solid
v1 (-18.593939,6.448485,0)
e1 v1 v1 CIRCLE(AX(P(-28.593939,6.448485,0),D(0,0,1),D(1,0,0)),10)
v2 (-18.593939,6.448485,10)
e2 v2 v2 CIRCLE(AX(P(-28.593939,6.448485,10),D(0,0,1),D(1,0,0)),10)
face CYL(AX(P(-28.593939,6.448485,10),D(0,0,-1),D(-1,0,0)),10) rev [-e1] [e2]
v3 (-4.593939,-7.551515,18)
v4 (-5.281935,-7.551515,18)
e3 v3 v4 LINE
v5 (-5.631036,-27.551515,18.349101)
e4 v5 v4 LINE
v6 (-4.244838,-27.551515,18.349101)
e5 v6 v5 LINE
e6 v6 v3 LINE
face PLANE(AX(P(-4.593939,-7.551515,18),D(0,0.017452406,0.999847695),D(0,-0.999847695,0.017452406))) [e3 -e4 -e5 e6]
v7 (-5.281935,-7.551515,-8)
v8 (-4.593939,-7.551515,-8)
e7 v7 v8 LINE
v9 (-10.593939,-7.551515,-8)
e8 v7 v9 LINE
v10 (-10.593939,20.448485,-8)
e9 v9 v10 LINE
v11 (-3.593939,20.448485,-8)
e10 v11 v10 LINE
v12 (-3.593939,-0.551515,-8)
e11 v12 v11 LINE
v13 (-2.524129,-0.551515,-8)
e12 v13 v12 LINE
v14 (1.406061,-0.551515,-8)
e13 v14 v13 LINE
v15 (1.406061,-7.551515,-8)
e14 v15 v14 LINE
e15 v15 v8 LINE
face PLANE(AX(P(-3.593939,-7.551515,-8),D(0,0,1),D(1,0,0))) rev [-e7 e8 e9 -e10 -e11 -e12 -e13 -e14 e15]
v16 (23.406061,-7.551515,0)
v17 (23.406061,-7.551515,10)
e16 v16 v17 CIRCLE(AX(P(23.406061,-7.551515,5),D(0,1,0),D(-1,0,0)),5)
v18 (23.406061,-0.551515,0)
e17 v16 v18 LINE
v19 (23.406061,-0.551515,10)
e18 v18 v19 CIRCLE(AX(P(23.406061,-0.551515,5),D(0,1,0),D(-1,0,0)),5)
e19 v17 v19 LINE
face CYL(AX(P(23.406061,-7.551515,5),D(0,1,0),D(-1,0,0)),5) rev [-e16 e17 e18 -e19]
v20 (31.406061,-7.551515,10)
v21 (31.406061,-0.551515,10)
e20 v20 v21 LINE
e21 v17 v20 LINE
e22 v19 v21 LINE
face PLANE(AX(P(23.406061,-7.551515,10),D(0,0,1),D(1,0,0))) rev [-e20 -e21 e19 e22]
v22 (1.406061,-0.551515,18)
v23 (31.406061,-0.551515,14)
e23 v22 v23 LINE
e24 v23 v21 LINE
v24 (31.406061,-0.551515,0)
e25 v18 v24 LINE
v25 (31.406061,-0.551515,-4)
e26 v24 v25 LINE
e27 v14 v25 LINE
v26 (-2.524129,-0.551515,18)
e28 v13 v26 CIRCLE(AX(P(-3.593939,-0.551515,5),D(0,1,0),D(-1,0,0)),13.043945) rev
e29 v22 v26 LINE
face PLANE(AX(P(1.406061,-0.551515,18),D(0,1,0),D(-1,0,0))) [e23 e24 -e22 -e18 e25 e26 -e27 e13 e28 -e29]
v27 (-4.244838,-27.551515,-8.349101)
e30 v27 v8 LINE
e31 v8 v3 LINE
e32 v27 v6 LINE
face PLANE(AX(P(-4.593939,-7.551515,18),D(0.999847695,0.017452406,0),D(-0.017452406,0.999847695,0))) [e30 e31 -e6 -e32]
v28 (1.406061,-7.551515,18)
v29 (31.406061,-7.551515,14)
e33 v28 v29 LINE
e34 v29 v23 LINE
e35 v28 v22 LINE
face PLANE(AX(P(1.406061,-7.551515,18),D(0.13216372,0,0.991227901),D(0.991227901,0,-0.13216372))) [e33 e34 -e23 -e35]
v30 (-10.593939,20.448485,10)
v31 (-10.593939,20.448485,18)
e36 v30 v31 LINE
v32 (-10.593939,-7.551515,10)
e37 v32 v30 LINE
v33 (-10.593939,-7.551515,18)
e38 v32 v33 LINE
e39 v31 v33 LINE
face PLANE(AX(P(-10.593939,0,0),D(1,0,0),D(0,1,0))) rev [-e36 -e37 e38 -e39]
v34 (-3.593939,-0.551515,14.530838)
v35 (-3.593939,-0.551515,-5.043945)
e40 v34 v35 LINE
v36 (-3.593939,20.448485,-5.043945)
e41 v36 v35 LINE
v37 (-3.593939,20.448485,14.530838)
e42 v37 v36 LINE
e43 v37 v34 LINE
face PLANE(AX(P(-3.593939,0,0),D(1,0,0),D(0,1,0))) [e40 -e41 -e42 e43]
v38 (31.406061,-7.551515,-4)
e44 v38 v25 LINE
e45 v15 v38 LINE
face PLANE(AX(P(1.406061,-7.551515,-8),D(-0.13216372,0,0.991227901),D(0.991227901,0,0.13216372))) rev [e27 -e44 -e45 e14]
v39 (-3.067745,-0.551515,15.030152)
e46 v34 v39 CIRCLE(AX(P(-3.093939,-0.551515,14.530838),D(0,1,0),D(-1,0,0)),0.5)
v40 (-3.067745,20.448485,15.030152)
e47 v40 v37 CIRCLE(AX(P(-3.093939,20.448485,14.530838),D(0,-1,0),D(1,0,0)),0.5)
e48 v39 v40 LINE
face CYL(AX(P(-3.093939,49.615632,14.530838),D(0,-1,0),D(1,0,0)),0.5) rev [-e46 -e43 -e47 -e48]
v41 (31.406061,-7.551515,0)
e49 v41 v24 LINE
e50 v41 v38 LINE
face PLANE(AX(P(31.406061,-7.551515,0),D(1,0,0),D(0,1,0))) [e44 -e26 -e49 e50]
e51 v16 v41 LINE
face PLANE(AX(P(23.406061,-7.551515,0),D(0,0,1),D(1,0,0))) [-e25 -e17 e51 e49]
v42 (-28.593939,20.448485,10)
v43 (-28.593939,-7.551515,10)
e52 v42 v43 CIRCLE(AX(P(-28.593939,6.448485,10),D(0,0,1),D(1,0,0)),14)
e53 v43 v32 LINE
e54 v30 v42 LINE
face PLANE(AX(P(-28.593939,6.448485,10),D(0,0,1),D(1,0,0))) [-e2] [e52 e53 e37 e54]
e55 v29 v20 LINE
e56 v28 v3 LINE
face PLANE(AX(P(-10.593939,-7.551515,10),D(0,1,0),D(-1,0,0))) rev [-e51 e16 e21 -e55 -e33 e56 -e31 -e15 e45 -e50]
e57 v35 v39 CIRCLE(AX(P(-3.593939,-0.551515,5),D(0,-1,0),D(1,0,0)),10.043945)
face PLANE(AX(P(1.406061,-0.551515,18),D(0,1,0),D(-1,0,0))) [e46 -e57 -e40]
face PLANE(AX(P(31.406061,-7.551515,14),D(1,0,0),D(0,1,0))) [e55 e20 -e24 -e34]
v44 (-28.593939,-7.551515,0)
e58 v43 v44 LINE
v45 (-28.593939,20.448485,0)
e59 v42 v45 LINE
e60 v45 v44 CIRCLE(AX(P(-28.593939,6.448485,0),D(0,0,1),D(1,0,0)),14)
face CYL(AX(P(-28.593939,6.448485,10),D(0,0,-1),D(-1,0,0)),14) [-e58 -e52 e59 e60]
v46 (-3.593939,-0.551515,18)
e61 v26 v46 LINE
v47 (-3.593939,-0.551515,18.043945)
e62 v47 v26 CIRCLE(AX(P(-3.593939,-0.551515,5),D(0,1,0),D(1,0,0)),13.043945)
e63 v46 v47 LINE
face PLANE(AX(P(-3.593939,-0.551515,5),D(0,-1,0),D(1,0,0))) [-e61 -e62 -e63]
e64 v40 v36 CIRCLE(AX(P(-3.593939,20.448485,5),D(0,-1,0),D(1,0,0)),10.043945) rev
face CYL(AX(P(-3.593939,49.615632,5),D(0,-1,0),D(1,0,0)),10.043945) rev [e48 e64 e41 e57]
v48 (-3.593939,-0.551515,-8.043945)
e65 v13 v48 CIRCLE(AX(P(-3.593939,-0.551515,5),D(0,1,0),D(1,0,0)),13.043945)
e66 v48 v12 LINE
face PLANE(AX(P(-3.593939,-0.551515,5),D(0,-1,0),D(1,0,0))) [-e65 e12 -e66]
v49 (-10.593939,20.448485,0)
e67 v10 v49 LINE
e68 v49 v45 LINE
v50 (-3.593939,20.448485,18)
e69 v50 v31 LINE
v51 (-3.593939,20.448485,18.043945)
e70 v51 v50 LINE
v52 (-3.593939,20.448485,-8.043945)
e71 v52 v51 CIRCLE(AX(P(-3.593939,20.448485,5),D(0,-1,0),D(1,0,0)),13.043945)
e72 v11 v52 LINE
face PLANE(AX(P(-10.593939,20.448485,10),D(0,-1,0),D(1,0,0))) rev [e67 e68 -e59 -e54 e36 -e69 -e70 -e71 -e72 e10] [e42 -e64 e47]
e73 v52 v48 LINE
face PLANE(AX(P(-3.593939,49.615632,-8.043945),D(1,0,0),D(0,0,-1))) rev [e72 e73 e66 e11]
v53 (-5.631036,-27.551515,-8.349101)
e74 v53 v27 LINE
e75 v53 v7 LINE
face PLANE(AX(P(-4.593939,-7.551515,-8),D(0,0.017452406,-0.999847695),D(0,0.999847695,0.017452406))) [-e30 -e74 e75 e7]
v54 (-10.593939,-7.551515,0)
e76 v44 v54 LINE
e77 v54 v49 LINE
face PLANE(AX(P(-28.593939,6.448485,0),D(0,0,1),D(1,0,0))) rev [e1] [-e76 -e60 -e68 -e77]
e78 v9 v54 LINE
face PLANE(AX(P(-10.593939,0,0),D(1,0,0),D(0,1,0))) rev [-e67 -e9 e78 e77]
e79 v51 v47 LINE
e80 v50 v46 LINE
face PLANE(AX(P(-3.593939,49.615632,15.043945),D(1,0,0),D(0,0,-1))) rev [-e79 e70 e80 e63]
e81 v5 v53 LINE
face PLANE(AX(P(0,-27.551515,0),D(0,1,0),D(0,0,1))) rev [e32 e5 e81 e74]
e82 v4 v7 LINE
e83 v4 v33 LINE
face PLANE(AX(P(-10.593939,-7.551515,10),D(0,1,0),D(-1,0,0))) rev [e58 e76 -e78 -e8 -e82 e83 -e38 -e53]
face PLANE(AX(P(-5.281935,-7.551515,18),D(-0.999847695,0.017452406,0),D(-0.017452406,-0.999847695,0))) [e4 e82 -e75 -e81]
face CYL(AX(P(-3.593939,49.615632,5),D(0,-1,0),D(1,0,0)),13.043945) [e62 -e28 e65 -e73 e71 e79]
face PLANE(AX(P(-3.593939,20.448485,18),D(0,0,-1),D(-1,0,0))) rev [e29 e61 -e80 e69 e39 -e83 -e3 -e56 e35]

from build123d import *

# Parameters (mm, degrees)
SZKIC1_R                              = 10
DODANIE_WYCI_GNI_CIE1_DEPTH           = 10
DODANIE_WYCI_GNI_CIE2_DEPTH           = 7
SZKIC3_W                              = 26
SZKIC3_H                              = 7
DODANIE_WYCI_GNI_CIE3_DEPTH           = 5
DODANIE_WYCI_GNI_CIE4_DEPTH           = 7
DODANIE_WYCI_GNI_CIE5_DEPTH           = 21
ZAOKR_GLENIE2_R                       = 0.5
SZKIC8_W                              = 0.687995553
SZKIC8_H                              = 26
DODANIE_WYCI_GNI_CIE6_DEPTH           = 20
DODANIE_WYCI_GNI_CIE6_TAPER           = -1
DODANIE_WYCI_GNI_CIE6_OTHER_WAY_DEPTH = 10


with BuildPart() as part:
    # Szkic1 → Dodanie-wyciągnięcie1 (new body)
    with BuildSketch(Plane.XY):
        with BuildLine():
            Line((-10.593939394, 20.448484848), (-10.593939394, -7.551515152))
            Line((-10.593939394, -7.551515152), (-28.593939394, -7.551515152))
            ThreePointArc((-28.593939394, -7.551515152), (-42.593939394, 6.448484848), (-28.593939394, 20.448484848))
            Line((-28.593939394, 20.448484848), (-10.593939394, 20.448484848))
        make_face()
        with Locations((-28.593939394, 6.448484848)):
            Circle(SZKIC1_R, mode=Mode.SUBTRACT)
    extrude(amount=DODANIE_WYCI_GNI_CIE1_DEPTH)

    # Szkic2 → Dodanie-wyciągnięcie2 (add)
    with BuildSketch(Plane(origin=(-10.593939394, 0, 0), x_dir=(0, 0, -1), z_dir=(1, 0, 0))):
        Polygon((-10, 20.448484848), (-18, 20.448484848), (-18, -7.551515152), (-10, -7.551515152), (0, -7.551515152), (8, -7.551515152), (8, 20.448484848), (0, 20.448484848), align=None)
    extrude(amount=DODANIE_WYCI_GNI_CIE2_DEPTH)

    # Szkic3 → Dodanie-wyciągnięcie3 (add)
    with BuildSketch(Plane(origin=(-3.593939394, 0, 0), x_dir=(0, 0, -1), z_dir=(1, 0, 0))):
        with Locations((-5, -4.051515152)):
            Rectangle(SZKIC3_W, SZKIC3_H)
    extrude(amount=DODANIE_WYCI_GNI_CIE3_DEPTH)

    # Szkic4 → Dodanie-wyciągnięcie4 (add)
    with BuildSketch(Plane(origin=(0, -0.551515152, 0), x_dir=(1, 0, 0), z_dir=(0, 1, 0))):
        with BuildLine():
            Line((1.406060606, -18), (1.406060606, 8))
            Line((1.406060606, 8), (31.406060606, 4))
            Line((31.406060606, 4), (31.406060606, 0))
            Line((31.406060606, 0), (23.406060606, 0))
            ThreePointArc((23.406060606, 0), (18.406060606, -5), (23.406060606, -10))
            Line((23.406060606, -10), (31.406060606, -10))
            Line((31.406060606, -10), (31.406060606, -14))
            Line((31.406060606, -14), (1.406060606, -18))
        make_face()
    extrude(amount=-DODANIE_WYCI_GNI_CIE4_DEPTH)

    # Szkic5 → Dodanie-wyciągnięcie5 (add)
    with BuildSketch(Plane(origin=(0, -0.551515152, 0), x_dir=(1, 0, 0), z_dir=(0, 1, 0))):
        with BuildLine():
            Line((-3.593939394, 8.043944751), (-3.593939394, 5.043944751))
            ThreePointArc((-3.593939394, 5.043944751), (6.450005357, -5), (-3.593939394, -15.043944751))
            Line((-3.593939394, -15.043944751), (-3.593939394, -18.043944751))
            ThreePointArc((-3.593939394, -18.043944751), (9.450005357, -5), (-3.593939394, 8.043944751))
        make_face()
    extrude(amount=DODANIE_WYCI_GNI_CIE5_DEPTH)

    # Zaokrąglenie2
    zaokr_glenie2_edges = [part.edges().sort_by_distance(p)[0] for p in [
        (-3.593939394, 9.948484848, 15.043944751),
    ]]
    fillet(zaokr_glenie2_edges, radius=ZAOKR_GLENIE2_R)

    # Szkic8 → Dodanie-wyciągnięcie6 (add)
    with BuildSketch(Plane.XZ.offset(7.551515152)):
        with Locations((-4.937937171, 5)):
            Rectangle(SZKIC8_W, SZKIC8_H)
    extrude(amount=DODANIE_WYCI_GNI_CIE6_DEPTH, taper=DODANIE_WYCI_GNI_CIE6_TAPER)

    # Szkic8 → Dodanie-wyciągnięcie6 other way (add)
    with BuildSketch(Plane.XZ.offset(7.551515152)):
        with Locations((-4.937937171, 5)):
            Rectangle(SZKIC8_W, SZKIC8_H)
    extrude(amount=-DODANIE_WYCI_GNI_CIE6_OTHER_WAY_DEPTH)


solid = part.part
